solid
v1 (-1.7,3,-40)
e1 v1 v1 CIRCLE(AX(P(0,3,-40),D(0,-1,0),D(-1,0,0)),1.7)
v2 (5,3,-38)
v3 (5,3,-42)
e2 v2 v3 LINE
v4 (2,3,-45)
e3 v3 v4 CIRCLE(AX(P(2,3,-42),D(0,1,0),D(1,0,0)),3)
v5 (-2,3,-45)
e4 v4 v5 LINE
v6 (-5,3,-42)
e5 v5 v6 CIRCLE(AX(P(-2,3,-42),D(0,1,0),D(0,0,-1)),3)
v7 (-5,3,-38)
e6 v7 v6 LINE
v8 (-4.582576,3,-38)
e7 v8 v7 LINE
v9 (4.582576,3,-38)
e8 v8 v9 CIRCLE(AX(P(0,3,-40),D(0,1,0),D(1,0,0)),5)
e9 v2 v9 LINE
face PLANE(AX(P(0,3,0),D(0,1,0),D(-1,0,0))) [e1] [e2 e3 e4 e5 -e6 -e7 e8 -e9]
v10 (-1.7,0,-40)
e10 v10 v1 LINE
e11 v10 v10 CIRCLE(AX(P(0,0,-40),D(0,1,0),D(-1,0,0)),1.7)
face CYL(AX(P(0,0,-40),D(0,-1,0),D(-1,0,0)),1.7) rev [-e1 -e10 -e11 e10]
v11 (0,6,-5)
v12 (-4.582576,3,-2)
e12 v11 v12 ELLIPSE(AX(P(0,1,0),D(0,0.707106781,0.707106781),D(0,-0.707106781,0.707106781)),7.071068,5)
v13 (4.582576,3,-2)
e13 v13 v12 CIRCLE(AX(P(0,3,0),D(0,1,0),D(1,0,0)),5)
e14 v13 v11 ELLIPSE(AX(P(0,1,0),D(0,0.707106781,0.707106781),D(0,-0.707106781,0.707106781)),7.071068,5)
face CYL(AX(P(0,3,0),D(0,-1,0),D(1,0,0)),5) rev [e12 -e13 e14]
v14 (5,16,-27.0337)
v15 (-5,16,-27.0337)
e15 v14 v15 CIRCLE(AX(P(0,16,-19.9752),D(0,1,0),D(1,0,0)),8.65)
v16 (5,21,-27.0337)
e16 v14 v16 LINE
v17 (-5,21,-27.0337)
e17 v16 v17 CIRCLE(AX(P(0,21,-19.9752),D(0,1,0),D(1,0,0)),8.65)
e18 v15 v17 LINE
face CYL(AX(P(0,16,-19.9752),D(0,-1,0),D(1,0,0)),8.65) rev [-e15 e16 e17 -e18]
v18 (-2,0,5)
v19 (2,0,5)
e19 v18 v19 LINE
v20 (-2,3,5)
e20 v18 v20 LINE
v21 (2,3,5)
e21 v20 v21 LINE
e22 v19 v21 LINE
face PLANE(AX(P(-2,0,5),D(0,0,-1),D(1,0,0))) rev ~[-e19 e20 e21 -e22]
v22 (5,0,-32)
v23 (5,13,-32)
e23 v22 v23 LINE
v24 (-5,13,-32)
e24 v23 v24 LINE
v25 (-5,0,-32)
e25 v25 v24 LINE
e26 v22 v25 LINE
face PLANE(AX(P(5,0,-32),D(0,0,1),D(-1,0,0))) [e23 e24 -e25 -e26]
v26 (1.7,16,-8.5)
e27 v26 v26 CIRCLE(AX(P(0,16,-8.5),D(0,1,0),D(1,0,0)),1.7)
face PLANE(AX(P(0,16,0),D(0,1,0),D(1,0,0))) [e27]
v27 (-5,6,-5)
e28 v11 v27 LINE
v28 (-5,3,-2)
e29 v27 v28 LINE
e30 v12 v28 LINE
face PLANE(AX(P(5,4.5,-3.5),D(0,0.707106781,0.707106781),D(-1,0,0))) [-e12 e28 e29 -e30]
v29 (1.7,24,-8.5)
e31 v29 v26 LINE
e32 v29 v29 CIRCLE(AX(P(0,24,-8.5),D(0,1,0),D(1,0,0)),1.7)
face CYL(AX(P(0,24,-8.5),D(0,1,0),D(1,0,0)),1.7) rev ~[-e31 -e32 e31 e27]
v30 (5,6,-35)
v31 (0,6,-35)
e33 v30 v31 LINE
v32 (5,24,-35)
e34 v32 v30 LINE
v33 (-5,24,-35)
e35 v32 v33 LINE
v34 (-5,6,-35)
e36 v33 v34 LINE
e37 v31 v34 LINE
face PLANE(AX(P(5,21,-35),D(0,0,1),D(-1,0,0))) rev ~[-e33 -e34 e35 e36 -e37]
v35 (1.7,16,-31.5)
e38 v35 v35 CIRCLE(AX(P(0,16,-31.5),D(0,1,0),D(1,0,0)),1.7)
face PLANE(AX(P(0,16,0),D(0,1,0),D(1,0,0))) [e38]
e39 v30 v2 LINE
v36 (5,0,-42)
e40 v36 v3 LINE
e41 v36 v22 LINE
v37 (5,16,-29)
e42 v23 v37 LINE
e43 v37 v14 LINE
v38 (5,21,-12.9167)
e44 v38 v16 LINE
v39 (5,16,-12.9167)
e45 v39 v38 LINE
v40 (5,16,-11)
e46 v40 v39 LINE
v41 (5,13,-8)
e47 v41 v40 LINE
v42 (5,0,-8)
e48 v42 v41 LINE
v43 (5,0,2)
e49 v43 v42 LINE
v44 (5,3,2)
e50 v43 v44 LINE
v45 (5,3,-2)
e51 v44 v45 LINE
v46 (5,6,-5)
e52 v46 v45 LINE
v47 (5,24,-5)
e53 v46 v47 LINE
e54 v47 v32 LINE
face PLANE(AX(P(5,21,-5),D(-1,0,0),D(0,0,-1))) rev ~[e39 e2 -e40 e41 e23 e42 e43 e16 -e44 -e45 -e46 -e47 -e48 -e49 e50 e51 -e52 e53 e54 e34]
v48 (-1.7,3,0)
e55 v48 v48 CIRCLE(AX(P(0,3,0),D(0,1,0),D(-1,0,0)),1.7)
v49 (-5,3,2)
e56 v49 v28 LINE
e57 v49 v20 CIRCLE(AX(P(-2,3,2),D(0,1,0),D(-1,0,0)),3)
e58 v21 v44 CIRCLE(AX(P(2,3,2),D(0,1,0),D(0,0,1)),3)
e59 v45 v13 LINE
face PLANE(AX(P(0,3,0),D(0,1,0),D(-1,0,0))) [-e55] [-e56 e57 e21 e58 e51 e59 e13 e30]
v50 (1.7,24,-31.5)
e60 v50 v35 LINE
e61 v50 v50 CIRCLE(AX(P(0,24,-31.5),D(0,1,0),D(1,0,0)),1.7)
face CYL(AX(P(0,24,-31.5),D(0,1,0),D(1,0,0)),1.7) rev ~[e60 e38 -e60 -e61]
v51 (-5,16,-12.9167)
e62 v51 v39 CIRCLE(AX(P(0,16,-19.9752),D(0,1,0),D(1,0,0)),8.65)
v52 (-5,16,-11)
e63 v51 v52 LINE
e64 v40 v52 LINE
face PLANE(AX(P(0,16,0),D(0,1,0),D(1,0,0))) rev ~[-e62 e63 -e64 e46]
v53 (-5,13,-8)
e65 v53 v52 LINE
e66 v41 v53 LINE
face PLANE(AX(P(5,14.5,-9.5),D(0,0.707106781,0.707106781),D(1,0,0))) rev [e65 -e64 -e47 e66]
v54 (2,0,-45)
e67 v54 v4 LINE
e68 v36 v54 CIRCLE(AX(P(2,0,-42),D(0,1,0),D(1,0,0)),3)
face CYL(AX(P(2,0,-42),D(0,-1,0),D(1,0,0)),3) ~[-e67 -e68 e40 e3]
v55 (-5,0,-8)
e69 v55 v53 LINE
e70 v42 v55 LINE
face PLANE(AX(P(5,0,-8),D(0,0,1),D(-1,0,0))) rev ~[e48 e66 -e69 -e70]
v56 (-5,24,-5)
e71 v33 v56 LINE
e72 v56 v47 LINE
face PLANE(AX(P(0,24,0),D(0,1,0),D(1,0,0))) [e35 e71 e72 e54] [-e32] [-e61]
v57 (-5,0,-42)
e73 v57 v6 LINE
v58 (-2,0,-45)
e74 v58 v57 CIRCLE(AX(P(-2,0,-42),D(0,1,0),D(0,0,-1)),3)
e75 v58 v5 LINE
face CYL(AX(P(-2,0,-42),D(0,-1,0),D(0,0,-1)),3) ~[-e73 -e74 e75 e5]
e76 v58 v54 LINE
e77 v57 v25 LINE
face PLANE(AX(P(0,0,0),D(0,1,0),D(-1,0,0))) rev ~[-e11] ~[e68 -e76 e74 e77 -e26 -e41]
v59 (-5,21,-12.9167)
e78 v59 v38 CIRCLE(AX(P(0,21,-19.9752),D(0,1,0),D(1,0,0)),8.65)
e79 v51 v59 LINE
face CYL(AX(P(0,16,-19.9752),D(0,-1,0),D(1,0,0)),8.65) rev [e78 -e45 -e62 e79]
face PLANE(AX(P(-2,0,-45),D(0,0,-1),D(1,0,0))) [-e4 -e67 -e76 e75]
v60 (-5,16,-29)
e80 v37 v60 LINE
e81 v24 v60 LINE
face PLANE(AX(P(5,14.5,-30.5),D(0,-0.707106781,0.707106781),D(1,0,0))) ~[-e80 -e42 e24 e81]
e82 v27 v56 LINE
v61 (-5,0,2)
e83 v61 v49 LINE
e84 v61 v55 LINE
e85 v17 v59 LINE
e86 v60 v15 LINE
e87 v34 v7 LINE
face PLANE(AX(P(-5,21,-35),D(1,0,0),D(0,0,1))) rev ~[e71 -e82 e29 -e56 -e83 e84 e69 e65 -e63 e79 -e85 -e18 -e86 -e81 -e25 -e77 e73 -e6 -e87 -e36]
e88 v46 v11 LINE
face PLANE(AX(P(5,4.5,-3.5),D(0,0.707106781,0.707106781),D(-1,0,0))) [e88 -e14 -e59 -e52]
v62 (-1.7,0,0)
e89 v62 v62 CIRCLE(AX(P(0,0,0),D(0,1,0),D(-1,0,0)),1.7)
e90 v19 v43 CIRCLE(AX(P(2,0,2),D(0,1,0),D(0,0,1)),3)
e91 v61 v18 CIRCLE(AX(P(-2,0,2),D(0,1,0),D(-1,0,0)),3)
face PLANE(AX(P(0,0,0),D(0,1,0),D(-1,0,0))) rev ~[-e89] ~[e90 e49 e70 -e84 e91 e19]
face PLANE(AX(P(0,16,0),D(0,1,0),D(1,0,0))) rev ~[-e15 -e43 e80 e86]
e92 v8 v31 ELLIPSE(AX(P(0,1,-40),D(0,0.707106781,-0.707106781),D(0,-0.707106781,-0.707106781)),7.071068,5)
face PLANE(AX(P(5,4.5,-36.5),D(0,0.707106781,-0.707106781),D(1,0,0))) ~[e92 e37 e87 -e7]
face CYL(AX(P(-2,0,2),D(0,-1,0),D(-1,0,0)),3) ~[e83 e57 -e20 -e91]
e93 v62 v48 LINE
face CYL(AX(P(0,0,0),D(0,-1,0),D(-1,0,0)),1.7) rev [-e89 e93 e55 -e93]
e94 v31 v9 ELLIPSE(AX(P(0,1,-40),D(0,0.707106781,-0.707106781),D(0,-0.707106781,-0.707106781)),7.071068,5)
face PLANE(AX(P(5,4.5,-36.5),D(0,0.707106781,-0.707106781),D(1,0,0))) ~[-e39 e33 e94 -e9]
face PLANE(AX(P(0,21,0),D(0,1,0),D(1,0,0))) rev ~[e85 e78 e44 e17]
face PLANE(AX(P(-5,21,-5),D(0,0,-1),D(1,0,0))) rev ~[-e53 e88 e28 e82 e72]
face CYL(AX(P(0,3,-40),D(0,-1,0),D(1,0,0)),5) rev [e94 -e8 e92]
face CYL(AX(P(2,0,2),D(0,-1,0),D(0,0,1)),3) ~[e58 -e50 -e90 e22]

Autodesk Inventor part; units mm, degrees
ref_plane "YZ Plane" through (0, 0, 0) normal (1, 0, 0) x (0, 1, 0)
ref_plane "XZ Plane" through (0, 0, 0) normal (0, 1, 0) x (-1, 0, 0)
ref_plane "XY Plane" through (0, 0, 0) normal (0, 0, 1) x (1, 0, 0)
sketch "Sketch1" plane through (0, 0, 0) normal (0, 1, 0) x (-1, 0, 0)
  line L0 (0, 0) -> (0, -40) construction
  circle A0 centre (0, 0) radius 1.7
  circle A1 centre (0, -40) radius 1.7
  line L1 (-5, -5) -> (5, -5)
  line L2 (5, -5) -> (5, 2)
  line L3 (2, 5) -> (-2, 5)
  line L4 (-5, 2) -> (-5, -5)
  line L5 (-5, -5) -> (5, 5) construction
  line L6 (5, -5) -> (-5, 5) construction
  line L7 (-5, -35) -> (5, -35)
  line L8 (5, -35) -> (5, -42)
  line L9 (2, -45) -> (-2, -45)
  line L10 (-5, -42) -> (-5, -35)
  line L11 (-5, -35) -> (5, -45) construction
  line L12 (5, -35) -> (-5, -45) construction
  arc A2 (5, 2) -> (2, 5) centre (2, 2) ccw
  arc A3 (-2, 5) -> (-5, 2) centre (-2, 2) ccw
  arc A4 (-5, -42) -> (-2, -45) centre (-2, -42) ccw
  arc A5 (2, -45) -> (5, -42) centre (2, -42) ccw
  line L13 (5, -5) -> (5, -35)
  line L14 (-5, -5) -> (-5, -35)
  line L15 (5, -5) -> (-5, -5)
  line L16 (-5, -5) -> (-5, -8)
  line L17 (-5, -8) -> (5, -8)
  line L18 (5, -8) -> (5, -5)
  line L19 (5, -35) -> (-5, -35)
  line L20 (-5, -35) -> (-5, -32)
  line L21 (-5, -32) -> (5, -32)
  line L22 (5, -32) -> (5, -35)
  dimension "d0" = 40
  dimension "d1" = 3.4
  dimension "d2" = 3.4
  dimension "d3" = 10
  dimension "d4" = 10
  dimension "d5" = 10
  dimension "d6" = 10
  dimension "d7" = 3
  dimension "d10" = 3
  dimension "d11" = 3
extrude "Extrusion1" add sketch "Sketch1" along normal blind 3 contours L4 A3 L3 A2 L2 L1 | L7 L8 A5 L9 A4 L10
extrude "Extrusion2" add sketch "Sketch1" along normal blind 16 contours L1 L13 L17 L14 | L21 L13 L7 L14
sketch "Sketch2" plane through (0, 16, 0) normal (0, 1, 0) x (1, 0, 0)
  line L0 (0, 7.9504) -> (0, 32) construction
  line L1 (-5, 32) -> (5, 32) projected
  circle A0 centre (0, 19.9752) radius 8.65
  line L2 (-5, 5) -> (5, 5)
  line L3 (5, 5) -> (5, 12.9167)
  line L4 (5, 12.9167) -> (-5, 12.9167)
  line L5 (-5, 12.9167) -> (-5, 5)
  line L6 (-5, 42) -> (-5, 35) projected
  line L7 (-5, 35) -> (5, 35)
  line L8 (5, 35) -> (5, 27.0337)
  line L9 (5, 27.0337) -> (-5, 27.0337)
  line L10 (-5, 27.0337) -> (-5, 35)
  point P0 (0, 0)
  dimension "d14" = 17.3
extrude "Extrusion3" add sketch "Sketch2" along normal blind 5 contours L10 L7 L8 L1 | L1 L8 A0 L10 | A0 L3 L2 L5
sketch "Sketch3" plane through (0, 21, 0) normal (0, 1, 0) x (1, 0, 0)
  line L0 (-5, 5) -> (-5, -2) projected
  line L1 (5, 35) -> (5, 42) projected
  line L2 (-5, 5) -> (5, 5)
  line L3 (5, 5) -> (5, 35)
  line L4 (5, 35) -> (-5, 35)
  line L5 (-5, 35) -> (-5, 5)
  point P0 (0, 0)
extrude "Extrusion4" add sketch "Sketch3" along normal blind 3
chamfer "Chamfer2" distance 3 angle 45 4 edges at (0, 16, -8) (0, 16, -32) (0, 3, -35) (0, 3, -5)
sketch "Sketch5" plane through (0, 24, 0) normal (0, 1, 0) x (1, 0, 0)
  line L0 (5, 35) -> (-5, 35) construction
  line L1 (0, 35) -> (0, 5) construction
  line L2 (-5, 5) -> (5, 5) construction
  circle A0 centre (0, 31.5) radius 1.7
  circle A1 centre (0, 8.5) radius 1.7
  point P0 (0, 0)
  dimension "d29" = 3.4
  dimension "d30" = 3.4
  dimension "d31" = 3.5
  dimension "d32" = 3.5
extrude "Extrusion6" cut sketch "Sketch5" against normal blind 8
sketch "Sketch6" plane through (0, 3, 0) normal (0, 1, 0) x (1, 0, 0)
  circle A0 centre (0, 0) radius 5
  circle A1 centre (0, 40) radius 1.7 projected
  circle A2 centre (0, 40) radius 5
  dimension "d35" = 10
  dimension "d36" = 10
extrude "Extrusion7" cut sketch "Sketch6" along normal blind 10
properties part number "Small Gear Bracket"
